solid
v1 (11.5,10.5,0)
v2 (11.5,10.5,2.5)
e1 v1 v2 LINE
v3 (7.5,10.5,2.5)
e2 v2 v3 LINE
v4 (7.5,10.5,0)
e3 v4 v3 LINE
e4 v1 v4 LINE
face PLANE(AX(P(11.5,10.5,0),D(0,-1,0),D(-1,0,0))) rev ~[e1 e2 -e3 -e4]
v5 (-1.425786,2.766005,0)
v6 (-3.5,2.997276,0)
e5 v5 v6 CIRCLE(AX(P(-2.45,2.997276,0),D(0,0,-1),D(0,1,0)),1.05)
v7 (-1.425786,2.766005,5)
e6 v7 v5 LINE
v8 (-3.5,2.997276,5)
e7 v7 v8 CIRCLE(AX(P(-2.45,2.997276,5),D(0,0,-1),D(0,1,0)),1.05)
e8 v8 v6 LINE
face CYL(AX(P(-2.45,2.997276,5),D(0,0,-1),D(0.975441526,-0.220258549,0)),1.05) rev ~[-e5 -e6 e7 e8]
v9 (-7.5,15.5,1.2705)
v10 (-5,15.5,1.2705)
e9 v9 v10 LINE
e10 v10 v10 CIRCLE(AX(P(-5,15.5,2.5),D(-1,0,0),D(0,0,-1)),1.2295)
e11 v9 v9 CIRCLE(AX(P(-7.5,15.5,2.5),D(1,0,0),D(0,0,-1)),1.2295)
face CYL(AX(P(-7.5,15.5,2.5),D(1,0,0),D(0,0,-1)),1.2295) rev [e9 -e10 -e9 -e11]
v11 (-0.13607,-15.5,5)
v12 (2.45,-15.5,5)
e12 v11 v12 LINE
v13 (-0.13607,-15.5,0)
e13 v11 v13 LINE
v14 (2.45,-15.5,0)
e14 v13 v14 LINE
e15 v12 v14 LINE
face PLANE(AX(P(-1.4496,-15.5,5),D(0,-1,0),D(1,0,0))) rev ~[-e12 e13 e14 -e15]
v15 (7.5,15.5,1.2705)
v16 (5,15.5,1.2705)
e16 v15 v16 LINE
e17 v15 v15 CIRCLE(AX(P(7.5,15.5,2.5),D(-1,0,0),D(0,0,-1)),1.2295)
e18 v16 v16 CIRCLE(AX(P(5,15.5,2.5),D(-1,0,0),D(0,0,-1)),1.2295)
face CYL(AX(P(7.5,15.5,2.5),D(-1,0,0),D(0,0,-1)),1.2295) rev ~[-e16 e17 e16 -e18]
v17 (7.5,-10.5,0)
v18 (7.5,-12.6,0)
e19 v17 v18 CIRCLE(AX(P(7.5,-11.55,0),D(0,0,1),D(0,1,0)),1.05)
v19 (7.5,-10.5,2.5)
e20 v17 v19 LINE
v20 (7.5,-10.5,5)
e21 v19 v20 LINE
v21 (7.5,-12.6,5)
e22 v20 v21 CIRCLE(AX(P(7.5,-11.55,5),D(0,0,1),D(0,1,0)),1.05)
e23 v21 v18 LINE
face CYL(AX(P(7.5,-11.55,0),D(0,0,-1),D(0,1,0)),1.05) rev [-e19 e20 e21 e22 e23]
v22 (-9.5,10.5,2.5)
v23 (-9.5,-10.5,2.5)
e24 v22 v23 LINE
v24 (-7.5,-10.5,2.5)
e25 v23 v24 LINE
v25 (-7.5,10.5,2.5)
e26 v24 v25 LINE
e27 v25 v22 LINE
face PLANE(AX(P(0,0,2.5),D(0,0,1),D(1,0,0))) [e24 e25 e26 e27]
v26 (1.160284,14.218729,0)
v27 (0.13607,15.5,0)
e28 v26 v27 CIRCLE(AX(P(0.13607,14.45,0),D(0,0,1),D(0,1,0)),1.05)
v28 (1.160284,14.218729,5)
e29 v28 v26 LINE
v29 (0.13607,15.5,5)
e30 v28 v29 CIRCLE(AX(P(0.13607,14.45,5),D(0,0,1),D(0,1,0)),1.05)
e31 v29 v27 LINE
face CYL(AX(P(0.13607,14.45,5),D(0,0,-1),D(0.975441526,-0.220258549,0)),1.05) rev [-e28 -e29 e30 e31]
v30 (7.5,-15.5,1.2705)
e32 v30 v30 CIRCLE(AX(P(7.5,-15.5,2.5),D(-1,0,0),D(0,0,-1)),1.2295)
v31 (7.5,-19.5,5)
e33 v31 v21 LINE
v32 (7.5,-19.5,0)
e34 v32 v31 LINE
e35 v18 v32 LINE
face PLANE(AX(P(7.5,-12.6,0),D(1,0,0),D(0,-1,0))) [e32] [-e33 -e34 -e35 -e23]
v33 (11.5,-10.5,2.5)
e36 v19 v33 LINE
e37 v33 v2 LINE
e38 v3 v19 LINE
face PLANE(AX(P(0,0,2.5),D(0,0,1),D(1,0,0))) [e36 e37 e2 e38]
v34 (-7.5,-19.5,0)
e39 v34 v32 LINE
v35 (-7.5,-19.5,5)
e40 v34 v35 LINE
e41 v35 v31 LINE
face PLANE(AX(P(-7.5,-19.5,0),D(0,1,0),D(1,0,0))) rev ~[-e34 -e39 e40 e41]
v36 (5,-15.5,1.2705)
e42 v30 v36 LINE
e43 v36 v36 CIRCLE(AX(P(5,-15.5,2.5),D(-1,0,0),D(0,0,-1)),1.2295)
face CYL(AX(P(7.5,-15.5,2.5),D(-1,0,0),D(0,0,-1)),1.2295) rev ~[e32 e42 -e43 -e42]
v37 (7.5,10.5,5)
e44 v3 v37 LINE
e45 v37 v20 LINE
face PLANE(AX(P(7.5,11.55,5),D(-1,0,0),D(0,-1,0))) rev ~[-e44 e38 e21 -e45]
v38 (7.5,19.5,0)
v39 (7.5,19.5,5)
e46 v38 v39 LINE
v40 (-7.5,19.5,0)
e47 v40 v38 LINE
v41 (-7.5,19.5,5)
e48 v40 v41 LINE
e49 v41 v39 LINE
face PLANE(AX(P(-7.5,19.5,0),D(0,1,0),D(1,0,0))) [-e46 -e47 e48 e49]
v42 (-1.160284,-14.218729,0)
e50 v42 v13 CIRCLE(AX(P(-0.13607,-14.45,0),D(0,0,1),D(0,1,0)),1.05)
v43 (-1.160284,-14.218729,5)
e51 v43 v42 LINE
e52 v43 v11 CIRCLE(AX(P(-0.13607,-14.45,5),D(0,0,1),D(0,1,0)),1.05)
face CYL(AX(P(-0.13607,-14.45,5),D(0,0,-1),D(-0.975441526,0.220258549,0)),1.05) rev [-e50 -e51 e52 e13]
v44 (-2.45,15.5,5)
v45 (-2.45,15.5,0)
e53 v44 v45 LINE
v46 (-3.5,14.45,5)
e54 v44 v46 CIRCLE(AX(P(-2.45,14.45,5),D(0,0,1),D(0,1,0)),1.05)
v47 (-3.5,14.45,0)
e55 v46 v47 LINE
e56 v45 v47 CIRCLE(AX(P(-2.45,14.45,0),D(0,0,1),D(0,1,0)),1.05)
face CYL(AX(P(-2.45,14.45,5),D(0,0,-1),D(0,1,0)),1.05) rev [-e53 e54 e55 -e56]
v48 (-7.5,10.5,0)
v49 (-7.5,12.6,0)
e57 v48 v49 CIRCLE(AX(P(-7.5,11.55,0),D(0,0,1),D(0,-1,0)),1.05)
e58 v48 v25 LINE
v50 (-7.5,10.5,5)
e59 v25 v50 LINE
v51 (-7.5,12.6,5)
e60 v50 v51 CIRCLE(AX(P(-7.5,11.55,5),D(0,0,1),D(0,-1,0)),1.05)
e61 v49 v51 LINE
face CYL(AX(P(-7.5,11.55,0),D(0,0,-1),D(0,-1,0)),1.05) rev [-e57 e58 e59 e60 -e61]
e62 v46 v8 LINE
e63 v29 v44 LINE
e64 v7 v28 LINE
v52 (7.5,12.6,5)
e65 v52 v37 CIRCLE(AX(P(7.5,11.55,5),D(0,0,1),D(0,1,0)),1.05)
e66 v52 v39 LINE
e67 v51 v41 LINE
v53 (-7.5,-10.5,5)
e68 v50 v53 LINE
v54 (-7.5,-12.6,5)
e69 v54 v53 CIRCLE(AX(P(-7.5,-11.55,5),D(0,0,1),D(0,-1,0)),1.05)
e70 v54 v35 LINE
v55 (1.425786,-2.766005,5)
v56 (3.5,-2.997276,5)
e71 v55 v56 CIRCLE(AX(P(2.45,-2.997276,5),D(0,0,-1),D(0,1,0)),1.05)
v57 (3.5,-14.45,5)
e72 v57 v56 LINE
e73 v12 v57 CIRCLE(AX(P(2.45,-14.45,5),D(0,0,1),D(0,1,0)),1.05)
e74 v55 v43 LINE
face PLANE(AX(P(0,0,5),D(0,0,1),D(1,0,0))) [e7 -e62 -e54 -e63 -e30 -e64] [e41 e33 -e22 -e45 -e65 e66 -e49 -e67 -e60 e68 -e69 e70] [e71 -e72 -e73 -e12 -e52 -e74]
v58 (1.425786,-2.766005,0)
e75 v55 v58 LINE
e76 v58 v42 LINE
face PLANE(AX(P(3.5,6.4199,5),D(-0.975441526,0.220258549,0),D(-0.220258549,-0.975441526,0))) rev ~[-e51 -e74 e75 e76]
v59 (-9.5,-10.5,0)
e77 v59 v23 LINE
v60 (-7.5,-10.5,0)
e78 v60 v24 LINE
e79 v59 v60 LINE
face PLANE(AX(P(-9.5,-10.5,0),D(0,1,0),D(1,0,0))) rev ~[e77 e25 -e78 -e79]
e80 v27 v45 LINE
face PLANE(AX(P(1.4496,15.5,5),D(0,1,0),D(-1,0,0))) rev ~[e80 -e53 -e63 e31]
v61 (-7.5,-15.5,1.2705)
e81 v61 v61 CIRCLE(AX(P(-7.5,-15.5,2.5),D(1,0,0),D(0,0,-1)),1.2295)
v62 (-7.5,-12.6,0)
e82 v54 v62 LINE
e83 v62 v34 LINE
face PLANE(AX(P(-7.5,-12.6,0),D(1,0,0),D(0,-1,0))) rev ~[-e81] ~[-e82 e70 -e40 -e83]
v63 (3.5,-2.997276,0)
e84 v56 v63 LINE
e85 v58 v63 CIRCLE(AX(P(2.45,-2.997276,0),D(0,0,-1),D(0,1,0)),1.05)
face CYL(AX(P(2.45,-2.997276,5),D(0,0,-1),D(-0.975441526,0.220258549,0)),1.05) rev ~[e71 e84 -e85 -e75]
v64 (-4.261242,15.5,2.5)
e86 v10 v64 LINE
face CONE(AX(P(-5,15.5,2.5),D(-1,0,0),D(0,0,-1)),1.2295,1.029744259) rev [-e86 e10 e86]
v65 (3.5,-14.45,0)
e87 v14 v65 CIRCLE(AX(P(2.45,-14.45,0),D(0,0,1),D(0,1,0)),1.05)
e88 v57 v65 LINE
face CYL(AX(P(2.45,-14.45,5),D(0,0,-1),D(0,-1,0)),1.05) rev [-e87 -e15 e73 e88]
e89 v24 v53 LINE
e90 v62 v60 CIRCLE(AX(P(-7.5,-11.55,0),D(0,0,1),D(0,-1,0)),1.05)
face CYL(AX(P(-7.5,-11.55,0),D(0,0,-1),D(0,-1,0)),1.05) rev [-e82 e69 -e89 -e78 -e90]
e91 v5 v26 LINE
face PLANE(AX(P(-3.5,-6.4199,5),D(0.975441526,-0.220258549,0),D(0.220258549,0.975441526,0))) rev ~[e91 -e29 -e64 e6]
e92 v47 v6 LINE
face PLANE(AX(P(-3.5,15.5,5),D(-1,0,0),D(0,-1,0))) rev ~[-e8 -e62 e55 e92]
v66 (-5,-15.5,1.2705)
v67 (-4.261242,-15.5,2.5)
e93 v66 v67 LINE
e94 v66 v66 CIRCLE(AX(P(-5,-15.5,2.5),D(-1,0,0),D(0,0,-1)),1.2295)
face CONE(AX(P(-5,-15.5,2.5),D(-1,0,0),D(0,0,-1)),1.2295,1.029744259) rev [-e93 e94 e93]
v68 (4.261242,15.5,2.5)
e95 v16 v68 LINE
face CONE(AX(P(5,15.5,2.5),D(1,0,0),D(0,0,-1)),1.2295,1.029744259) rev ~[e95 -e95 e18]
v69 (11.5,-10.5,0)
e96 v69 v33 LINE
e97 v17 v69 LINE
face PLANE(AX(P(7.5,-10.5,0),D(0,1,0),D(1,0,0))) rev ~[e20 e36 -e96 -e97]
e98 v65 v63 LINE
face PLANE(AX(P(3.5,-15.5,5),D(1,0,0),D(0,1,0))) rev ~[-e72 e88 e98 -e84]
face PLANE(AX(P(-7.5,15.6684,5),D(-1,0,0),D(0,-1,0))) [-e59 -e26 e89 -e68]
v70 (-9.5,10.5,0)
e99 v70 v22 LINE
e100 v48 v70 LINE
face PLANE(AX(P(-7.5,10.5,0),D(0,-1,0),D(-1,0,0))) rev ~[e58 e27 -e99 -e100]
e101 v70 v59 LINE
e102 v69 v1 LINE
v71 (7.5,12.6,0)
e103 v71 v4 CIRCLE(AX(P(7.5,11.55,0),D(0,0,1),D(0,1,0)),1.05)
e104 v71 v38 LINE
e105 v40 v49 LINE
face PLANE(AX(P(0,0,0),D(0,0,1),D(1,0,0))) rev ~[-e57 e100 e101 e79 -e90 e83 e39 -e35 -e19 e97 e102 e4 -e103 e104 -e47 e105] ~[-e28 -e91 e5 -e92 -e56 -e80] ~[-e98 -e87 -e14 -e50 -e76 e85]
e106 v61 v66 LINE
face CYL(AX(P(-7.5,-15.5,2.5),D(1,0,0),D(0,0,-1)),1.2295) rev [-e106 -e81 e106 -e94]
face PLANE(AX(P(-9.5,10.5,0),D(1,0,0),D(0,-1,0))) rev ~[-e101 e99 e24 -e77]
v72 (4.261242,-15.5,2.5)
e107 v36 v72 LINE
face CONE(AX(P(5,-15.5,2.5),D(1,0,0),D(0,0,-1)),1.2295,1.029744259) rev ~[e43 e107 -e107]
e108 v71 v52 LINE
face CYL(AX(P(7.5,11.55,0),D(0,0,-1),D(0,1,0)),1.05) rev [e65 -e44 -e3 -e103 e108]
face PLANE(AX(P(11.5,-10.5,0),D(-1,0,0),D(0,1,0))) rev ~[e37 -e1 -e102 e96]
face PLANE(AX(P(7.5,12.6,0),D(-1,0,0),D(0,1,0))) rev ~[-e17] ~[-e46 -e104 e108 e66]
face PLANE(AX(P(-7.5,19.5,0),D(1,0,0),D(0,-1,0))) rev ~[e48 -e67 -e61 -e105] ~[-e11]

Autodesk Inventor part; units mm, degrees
ref_plane "YZ Plane" through (0, 0, 0) normal (1, 0, 0) x (0, 1, 0)
ref_plane "XZ Plane" through (0, 0, 0) normal (0, 1, 0) x (-1, 0, 0)
ref_plane "XY Plane" through (0, 0, 0) normal (0, 0, 1) x (1, 0, 0)
sketch "スケッチ1" plane through (0, 0, 0) normal (0, 0, 1) x (1, 0, 0)
  line L0 (-7.5, -19.5) -> (7.5, -19.5) construction
  line L1 (7.5, -19.5) -> (7.5, 19.5) construction
  line L2 (7.5, 19.5) -> (-7.5, 19.5) construction
  line L3 (-7.5, 19.5) -> (-7.5, -19.5) construction
  line L4 (-7.5, -19.5) -> (7.5, 19.5) construction
  line L5 (7.5, -19.5) -> (-7.5, 19.5) construction
  line L6 (-7.5, 10.5) -> (-7.5, 19.5) construction
  line L7 (-7.5, 19.5) -> (7.5, 19.5)
  line L8 (7.5, 19.5) -> (7.5, 10.5) construction
  line L9 (-7.5, 10.5) -> (-9.5, 10.5)
  line L10 (-9.5, 10.5) -> (-9.5, -10.5)
  line L11 (-9.5, -10.5) -> (-7.5, -10.5)
  line L12 (-7.5, -10.5) -> (-7.5, -19.5) construction
  line L13 (-7.5, -19.5) -> (7.5, -19.5)
  line L14 (7.5, -19.5) -> (7.5, -10.5) construction
  line L15 (7.5, -10.5) -> (11.5, -10.5)
  line L16 (11.5, -10.5) -> (11.5, 10.5)
  line L17 (11.5, 10.5) -> (7.5, 10.5)
  line L18 (0, 0) -> (11.5, 0) construction
  circle A0 centre (-7.5, 11.55) radius 1.05 construction
  circle A1 centre (-7.5, -11.55) radius 1.05 construction
  circle A2 centre (7.5, 11.55) radius 1.05 construction
  circle A3 centre (7.5, -11.55) radius 1.05 construction
  line L19 (-7.5, 19.5) -> (-7.5, 12.6)
  arc A4 (-7.5, 10.5) -> (-7.5, 12.6) centre (-7.5, 11.55) ccw
  arc A5 (-7.5, -12.6) -> (-7.5, -10.5) centre (-7.5, -11.55) ccw
  line L20 (-7.5, -12.6) -> (-7.5, -19.5)
  line L21 (7.5, 12.6) -> (7.5, 19.5)
  arc A6 (7.5, 12.6) -> (7.5, 10.5) centre (7.5, 11.55) ccw
  line L22 (7.5, -12.6) -> (7.5, -19.5)
  arc A7 (7.5, -10.5) -> (7.5, -12.6) centre (7.5, -11.55) ccw
  dimension "d21" = 2
  dimension "d23" = 4
  dimension "d30" = 15
  dimension "d48" = 9
  dimension "d49" = 39
  dimension "d50" = 2.1
extrude "押し出し1" add sketch "スケッチ1" along normal blind 5
sketch "スケッチ2" plane through (7.5, -19.5, 0) normal (1, 0, 0) x (0, 0, -1)
  line L0 (0, 0) -> (-5, 0) projected
  line L1 (0, 39) -> (-5, 39) projected
  point P0 (0, 19.5)
  point P1 (-2.5, 4)
  point P2 (-2.5, 35)
  point P3 (-2.5, 0)
  dimension "d53" = 4
  dimension "d54" = 4
hole "穴1" at (7.5, -15.5, 2.5) at (7.5, 15.5, 2.5) direction (-1, 0, 0) diameter 2.459 depth 2.5 tip angle 118 thread size "M3x0.5" class "6H" standard "ISO Metric profile"
mirror "ミラー1" about plane through (0, 0, 0) normal (1, 0, 0) of "穴1"
sketch "スケッチ3" plane through (0, 0, 5) normal (0, 0, 1) x (1, 0, 0)
  line L0 (7.5, 12.6) -> (7.5, 19.5) projected
  line L1 (-7.5, 19.5) -> (-7.5, 12.6) projected
  line L2 (-12.0807, 15.6684) -> (-7.5, 15.6684)
  line L3 (-7.5, 15.6684) -> (-7.5, -16.7148)
  line L4 (-7.5, -16.7148) -> (-12.0807, -16.7148)
  line L5 (-12.0807, -16.7148) -> (-12.0807, 15.6684)
  line L6 (12.9714, 11.55) -> (7.5, 11.55)
  line L7 (7.5, 11.55) -> (7.5, -15.9078)
  line L8 (7.5, -15.9078) -> (12.9714, -15.9078)
  line L9 (12.9714, -15.9078) -> (12.9714, 11.55)
  point P0 (0, 0)
extrude "押し出し2" cut sketch "スケッチ3" against normal blind 2.5
sketch "スケッチ4" plane through (0, 0, 5) normal (0, 0, 1) x (1, 0, 0)
  line L0 (7.5, 12.6) -> (7.5, 19.5) projected
  line L1 (7.5, 19.5) -> (-7.5, 19.5) projected
  line L2 (-7.5, -12.6) -> (-7.5, -19.5) projected
  line L3 (-7.5, -19.5) -> (7.5, -19.5) projected
  line L4 (-3.5, 15.5) -> (3.5, 15.5) construction
  line L5 (3.5, 15.5) -> (3.5, -15.5) construction
  line L6 (3.5, -15.5) -> (-3.5, -15.5) construction
  line L7 (-3.5, -15.5) -> (-3.5, 15.5) construction
  line L8 (3.5, 15.5) -> (-3.5, -15.5) construction
  line L9 (1.4496, 15.5) -> (-3.5, 15.5)
  line L10 (-3.5, 15.5) -> (-3.5, -6.4199)
  line L11 (-3.5, -6.4199) -> (1.4496, 15.5)
  line L12 (-1.4496, -15.5) -> (3.5, -15.5)
  line L13 (3.5, -15.5) -> (3.5, 6.4199)
  line L14 (3.5, 6.4199) -> (-1.4496, -15.5)
  point P0 (0, 0)
  dimension "d64" = 4
  dimension "d65" = 4
  dimension "d66" = 4
  dimension "d67" = 4
  dimension "d68" = 4
extrude "押し出し3" cut sketch "スケッチ4" against normal blind 5
fillet "フィレット1" radius 1.05 6 edges at (-1.4496, -15.5, 2.5) (-3.5, 15.5, 2.5) (1.4496, 15.5, 2.5) (3.5, 6.4199, 2.5) (-3.5, -6.4199, 2.5) (3.5, -15.5, 2.5)
equation "\"d48\" = d26 + d35"
equation "\"d49\" = d38"
equation "\"d53\" = d35"
equation "\"d54\" = d53"
equation "\"d66\" = d65"
equation "\"d68\" = d67"
equation "\"d26\" = 5"
equation "\"d35\" = 4"
equation "\"d38\" = 39"
properties part number "Trunk_armpit_frame" material "アセタール樹脂、黒"
